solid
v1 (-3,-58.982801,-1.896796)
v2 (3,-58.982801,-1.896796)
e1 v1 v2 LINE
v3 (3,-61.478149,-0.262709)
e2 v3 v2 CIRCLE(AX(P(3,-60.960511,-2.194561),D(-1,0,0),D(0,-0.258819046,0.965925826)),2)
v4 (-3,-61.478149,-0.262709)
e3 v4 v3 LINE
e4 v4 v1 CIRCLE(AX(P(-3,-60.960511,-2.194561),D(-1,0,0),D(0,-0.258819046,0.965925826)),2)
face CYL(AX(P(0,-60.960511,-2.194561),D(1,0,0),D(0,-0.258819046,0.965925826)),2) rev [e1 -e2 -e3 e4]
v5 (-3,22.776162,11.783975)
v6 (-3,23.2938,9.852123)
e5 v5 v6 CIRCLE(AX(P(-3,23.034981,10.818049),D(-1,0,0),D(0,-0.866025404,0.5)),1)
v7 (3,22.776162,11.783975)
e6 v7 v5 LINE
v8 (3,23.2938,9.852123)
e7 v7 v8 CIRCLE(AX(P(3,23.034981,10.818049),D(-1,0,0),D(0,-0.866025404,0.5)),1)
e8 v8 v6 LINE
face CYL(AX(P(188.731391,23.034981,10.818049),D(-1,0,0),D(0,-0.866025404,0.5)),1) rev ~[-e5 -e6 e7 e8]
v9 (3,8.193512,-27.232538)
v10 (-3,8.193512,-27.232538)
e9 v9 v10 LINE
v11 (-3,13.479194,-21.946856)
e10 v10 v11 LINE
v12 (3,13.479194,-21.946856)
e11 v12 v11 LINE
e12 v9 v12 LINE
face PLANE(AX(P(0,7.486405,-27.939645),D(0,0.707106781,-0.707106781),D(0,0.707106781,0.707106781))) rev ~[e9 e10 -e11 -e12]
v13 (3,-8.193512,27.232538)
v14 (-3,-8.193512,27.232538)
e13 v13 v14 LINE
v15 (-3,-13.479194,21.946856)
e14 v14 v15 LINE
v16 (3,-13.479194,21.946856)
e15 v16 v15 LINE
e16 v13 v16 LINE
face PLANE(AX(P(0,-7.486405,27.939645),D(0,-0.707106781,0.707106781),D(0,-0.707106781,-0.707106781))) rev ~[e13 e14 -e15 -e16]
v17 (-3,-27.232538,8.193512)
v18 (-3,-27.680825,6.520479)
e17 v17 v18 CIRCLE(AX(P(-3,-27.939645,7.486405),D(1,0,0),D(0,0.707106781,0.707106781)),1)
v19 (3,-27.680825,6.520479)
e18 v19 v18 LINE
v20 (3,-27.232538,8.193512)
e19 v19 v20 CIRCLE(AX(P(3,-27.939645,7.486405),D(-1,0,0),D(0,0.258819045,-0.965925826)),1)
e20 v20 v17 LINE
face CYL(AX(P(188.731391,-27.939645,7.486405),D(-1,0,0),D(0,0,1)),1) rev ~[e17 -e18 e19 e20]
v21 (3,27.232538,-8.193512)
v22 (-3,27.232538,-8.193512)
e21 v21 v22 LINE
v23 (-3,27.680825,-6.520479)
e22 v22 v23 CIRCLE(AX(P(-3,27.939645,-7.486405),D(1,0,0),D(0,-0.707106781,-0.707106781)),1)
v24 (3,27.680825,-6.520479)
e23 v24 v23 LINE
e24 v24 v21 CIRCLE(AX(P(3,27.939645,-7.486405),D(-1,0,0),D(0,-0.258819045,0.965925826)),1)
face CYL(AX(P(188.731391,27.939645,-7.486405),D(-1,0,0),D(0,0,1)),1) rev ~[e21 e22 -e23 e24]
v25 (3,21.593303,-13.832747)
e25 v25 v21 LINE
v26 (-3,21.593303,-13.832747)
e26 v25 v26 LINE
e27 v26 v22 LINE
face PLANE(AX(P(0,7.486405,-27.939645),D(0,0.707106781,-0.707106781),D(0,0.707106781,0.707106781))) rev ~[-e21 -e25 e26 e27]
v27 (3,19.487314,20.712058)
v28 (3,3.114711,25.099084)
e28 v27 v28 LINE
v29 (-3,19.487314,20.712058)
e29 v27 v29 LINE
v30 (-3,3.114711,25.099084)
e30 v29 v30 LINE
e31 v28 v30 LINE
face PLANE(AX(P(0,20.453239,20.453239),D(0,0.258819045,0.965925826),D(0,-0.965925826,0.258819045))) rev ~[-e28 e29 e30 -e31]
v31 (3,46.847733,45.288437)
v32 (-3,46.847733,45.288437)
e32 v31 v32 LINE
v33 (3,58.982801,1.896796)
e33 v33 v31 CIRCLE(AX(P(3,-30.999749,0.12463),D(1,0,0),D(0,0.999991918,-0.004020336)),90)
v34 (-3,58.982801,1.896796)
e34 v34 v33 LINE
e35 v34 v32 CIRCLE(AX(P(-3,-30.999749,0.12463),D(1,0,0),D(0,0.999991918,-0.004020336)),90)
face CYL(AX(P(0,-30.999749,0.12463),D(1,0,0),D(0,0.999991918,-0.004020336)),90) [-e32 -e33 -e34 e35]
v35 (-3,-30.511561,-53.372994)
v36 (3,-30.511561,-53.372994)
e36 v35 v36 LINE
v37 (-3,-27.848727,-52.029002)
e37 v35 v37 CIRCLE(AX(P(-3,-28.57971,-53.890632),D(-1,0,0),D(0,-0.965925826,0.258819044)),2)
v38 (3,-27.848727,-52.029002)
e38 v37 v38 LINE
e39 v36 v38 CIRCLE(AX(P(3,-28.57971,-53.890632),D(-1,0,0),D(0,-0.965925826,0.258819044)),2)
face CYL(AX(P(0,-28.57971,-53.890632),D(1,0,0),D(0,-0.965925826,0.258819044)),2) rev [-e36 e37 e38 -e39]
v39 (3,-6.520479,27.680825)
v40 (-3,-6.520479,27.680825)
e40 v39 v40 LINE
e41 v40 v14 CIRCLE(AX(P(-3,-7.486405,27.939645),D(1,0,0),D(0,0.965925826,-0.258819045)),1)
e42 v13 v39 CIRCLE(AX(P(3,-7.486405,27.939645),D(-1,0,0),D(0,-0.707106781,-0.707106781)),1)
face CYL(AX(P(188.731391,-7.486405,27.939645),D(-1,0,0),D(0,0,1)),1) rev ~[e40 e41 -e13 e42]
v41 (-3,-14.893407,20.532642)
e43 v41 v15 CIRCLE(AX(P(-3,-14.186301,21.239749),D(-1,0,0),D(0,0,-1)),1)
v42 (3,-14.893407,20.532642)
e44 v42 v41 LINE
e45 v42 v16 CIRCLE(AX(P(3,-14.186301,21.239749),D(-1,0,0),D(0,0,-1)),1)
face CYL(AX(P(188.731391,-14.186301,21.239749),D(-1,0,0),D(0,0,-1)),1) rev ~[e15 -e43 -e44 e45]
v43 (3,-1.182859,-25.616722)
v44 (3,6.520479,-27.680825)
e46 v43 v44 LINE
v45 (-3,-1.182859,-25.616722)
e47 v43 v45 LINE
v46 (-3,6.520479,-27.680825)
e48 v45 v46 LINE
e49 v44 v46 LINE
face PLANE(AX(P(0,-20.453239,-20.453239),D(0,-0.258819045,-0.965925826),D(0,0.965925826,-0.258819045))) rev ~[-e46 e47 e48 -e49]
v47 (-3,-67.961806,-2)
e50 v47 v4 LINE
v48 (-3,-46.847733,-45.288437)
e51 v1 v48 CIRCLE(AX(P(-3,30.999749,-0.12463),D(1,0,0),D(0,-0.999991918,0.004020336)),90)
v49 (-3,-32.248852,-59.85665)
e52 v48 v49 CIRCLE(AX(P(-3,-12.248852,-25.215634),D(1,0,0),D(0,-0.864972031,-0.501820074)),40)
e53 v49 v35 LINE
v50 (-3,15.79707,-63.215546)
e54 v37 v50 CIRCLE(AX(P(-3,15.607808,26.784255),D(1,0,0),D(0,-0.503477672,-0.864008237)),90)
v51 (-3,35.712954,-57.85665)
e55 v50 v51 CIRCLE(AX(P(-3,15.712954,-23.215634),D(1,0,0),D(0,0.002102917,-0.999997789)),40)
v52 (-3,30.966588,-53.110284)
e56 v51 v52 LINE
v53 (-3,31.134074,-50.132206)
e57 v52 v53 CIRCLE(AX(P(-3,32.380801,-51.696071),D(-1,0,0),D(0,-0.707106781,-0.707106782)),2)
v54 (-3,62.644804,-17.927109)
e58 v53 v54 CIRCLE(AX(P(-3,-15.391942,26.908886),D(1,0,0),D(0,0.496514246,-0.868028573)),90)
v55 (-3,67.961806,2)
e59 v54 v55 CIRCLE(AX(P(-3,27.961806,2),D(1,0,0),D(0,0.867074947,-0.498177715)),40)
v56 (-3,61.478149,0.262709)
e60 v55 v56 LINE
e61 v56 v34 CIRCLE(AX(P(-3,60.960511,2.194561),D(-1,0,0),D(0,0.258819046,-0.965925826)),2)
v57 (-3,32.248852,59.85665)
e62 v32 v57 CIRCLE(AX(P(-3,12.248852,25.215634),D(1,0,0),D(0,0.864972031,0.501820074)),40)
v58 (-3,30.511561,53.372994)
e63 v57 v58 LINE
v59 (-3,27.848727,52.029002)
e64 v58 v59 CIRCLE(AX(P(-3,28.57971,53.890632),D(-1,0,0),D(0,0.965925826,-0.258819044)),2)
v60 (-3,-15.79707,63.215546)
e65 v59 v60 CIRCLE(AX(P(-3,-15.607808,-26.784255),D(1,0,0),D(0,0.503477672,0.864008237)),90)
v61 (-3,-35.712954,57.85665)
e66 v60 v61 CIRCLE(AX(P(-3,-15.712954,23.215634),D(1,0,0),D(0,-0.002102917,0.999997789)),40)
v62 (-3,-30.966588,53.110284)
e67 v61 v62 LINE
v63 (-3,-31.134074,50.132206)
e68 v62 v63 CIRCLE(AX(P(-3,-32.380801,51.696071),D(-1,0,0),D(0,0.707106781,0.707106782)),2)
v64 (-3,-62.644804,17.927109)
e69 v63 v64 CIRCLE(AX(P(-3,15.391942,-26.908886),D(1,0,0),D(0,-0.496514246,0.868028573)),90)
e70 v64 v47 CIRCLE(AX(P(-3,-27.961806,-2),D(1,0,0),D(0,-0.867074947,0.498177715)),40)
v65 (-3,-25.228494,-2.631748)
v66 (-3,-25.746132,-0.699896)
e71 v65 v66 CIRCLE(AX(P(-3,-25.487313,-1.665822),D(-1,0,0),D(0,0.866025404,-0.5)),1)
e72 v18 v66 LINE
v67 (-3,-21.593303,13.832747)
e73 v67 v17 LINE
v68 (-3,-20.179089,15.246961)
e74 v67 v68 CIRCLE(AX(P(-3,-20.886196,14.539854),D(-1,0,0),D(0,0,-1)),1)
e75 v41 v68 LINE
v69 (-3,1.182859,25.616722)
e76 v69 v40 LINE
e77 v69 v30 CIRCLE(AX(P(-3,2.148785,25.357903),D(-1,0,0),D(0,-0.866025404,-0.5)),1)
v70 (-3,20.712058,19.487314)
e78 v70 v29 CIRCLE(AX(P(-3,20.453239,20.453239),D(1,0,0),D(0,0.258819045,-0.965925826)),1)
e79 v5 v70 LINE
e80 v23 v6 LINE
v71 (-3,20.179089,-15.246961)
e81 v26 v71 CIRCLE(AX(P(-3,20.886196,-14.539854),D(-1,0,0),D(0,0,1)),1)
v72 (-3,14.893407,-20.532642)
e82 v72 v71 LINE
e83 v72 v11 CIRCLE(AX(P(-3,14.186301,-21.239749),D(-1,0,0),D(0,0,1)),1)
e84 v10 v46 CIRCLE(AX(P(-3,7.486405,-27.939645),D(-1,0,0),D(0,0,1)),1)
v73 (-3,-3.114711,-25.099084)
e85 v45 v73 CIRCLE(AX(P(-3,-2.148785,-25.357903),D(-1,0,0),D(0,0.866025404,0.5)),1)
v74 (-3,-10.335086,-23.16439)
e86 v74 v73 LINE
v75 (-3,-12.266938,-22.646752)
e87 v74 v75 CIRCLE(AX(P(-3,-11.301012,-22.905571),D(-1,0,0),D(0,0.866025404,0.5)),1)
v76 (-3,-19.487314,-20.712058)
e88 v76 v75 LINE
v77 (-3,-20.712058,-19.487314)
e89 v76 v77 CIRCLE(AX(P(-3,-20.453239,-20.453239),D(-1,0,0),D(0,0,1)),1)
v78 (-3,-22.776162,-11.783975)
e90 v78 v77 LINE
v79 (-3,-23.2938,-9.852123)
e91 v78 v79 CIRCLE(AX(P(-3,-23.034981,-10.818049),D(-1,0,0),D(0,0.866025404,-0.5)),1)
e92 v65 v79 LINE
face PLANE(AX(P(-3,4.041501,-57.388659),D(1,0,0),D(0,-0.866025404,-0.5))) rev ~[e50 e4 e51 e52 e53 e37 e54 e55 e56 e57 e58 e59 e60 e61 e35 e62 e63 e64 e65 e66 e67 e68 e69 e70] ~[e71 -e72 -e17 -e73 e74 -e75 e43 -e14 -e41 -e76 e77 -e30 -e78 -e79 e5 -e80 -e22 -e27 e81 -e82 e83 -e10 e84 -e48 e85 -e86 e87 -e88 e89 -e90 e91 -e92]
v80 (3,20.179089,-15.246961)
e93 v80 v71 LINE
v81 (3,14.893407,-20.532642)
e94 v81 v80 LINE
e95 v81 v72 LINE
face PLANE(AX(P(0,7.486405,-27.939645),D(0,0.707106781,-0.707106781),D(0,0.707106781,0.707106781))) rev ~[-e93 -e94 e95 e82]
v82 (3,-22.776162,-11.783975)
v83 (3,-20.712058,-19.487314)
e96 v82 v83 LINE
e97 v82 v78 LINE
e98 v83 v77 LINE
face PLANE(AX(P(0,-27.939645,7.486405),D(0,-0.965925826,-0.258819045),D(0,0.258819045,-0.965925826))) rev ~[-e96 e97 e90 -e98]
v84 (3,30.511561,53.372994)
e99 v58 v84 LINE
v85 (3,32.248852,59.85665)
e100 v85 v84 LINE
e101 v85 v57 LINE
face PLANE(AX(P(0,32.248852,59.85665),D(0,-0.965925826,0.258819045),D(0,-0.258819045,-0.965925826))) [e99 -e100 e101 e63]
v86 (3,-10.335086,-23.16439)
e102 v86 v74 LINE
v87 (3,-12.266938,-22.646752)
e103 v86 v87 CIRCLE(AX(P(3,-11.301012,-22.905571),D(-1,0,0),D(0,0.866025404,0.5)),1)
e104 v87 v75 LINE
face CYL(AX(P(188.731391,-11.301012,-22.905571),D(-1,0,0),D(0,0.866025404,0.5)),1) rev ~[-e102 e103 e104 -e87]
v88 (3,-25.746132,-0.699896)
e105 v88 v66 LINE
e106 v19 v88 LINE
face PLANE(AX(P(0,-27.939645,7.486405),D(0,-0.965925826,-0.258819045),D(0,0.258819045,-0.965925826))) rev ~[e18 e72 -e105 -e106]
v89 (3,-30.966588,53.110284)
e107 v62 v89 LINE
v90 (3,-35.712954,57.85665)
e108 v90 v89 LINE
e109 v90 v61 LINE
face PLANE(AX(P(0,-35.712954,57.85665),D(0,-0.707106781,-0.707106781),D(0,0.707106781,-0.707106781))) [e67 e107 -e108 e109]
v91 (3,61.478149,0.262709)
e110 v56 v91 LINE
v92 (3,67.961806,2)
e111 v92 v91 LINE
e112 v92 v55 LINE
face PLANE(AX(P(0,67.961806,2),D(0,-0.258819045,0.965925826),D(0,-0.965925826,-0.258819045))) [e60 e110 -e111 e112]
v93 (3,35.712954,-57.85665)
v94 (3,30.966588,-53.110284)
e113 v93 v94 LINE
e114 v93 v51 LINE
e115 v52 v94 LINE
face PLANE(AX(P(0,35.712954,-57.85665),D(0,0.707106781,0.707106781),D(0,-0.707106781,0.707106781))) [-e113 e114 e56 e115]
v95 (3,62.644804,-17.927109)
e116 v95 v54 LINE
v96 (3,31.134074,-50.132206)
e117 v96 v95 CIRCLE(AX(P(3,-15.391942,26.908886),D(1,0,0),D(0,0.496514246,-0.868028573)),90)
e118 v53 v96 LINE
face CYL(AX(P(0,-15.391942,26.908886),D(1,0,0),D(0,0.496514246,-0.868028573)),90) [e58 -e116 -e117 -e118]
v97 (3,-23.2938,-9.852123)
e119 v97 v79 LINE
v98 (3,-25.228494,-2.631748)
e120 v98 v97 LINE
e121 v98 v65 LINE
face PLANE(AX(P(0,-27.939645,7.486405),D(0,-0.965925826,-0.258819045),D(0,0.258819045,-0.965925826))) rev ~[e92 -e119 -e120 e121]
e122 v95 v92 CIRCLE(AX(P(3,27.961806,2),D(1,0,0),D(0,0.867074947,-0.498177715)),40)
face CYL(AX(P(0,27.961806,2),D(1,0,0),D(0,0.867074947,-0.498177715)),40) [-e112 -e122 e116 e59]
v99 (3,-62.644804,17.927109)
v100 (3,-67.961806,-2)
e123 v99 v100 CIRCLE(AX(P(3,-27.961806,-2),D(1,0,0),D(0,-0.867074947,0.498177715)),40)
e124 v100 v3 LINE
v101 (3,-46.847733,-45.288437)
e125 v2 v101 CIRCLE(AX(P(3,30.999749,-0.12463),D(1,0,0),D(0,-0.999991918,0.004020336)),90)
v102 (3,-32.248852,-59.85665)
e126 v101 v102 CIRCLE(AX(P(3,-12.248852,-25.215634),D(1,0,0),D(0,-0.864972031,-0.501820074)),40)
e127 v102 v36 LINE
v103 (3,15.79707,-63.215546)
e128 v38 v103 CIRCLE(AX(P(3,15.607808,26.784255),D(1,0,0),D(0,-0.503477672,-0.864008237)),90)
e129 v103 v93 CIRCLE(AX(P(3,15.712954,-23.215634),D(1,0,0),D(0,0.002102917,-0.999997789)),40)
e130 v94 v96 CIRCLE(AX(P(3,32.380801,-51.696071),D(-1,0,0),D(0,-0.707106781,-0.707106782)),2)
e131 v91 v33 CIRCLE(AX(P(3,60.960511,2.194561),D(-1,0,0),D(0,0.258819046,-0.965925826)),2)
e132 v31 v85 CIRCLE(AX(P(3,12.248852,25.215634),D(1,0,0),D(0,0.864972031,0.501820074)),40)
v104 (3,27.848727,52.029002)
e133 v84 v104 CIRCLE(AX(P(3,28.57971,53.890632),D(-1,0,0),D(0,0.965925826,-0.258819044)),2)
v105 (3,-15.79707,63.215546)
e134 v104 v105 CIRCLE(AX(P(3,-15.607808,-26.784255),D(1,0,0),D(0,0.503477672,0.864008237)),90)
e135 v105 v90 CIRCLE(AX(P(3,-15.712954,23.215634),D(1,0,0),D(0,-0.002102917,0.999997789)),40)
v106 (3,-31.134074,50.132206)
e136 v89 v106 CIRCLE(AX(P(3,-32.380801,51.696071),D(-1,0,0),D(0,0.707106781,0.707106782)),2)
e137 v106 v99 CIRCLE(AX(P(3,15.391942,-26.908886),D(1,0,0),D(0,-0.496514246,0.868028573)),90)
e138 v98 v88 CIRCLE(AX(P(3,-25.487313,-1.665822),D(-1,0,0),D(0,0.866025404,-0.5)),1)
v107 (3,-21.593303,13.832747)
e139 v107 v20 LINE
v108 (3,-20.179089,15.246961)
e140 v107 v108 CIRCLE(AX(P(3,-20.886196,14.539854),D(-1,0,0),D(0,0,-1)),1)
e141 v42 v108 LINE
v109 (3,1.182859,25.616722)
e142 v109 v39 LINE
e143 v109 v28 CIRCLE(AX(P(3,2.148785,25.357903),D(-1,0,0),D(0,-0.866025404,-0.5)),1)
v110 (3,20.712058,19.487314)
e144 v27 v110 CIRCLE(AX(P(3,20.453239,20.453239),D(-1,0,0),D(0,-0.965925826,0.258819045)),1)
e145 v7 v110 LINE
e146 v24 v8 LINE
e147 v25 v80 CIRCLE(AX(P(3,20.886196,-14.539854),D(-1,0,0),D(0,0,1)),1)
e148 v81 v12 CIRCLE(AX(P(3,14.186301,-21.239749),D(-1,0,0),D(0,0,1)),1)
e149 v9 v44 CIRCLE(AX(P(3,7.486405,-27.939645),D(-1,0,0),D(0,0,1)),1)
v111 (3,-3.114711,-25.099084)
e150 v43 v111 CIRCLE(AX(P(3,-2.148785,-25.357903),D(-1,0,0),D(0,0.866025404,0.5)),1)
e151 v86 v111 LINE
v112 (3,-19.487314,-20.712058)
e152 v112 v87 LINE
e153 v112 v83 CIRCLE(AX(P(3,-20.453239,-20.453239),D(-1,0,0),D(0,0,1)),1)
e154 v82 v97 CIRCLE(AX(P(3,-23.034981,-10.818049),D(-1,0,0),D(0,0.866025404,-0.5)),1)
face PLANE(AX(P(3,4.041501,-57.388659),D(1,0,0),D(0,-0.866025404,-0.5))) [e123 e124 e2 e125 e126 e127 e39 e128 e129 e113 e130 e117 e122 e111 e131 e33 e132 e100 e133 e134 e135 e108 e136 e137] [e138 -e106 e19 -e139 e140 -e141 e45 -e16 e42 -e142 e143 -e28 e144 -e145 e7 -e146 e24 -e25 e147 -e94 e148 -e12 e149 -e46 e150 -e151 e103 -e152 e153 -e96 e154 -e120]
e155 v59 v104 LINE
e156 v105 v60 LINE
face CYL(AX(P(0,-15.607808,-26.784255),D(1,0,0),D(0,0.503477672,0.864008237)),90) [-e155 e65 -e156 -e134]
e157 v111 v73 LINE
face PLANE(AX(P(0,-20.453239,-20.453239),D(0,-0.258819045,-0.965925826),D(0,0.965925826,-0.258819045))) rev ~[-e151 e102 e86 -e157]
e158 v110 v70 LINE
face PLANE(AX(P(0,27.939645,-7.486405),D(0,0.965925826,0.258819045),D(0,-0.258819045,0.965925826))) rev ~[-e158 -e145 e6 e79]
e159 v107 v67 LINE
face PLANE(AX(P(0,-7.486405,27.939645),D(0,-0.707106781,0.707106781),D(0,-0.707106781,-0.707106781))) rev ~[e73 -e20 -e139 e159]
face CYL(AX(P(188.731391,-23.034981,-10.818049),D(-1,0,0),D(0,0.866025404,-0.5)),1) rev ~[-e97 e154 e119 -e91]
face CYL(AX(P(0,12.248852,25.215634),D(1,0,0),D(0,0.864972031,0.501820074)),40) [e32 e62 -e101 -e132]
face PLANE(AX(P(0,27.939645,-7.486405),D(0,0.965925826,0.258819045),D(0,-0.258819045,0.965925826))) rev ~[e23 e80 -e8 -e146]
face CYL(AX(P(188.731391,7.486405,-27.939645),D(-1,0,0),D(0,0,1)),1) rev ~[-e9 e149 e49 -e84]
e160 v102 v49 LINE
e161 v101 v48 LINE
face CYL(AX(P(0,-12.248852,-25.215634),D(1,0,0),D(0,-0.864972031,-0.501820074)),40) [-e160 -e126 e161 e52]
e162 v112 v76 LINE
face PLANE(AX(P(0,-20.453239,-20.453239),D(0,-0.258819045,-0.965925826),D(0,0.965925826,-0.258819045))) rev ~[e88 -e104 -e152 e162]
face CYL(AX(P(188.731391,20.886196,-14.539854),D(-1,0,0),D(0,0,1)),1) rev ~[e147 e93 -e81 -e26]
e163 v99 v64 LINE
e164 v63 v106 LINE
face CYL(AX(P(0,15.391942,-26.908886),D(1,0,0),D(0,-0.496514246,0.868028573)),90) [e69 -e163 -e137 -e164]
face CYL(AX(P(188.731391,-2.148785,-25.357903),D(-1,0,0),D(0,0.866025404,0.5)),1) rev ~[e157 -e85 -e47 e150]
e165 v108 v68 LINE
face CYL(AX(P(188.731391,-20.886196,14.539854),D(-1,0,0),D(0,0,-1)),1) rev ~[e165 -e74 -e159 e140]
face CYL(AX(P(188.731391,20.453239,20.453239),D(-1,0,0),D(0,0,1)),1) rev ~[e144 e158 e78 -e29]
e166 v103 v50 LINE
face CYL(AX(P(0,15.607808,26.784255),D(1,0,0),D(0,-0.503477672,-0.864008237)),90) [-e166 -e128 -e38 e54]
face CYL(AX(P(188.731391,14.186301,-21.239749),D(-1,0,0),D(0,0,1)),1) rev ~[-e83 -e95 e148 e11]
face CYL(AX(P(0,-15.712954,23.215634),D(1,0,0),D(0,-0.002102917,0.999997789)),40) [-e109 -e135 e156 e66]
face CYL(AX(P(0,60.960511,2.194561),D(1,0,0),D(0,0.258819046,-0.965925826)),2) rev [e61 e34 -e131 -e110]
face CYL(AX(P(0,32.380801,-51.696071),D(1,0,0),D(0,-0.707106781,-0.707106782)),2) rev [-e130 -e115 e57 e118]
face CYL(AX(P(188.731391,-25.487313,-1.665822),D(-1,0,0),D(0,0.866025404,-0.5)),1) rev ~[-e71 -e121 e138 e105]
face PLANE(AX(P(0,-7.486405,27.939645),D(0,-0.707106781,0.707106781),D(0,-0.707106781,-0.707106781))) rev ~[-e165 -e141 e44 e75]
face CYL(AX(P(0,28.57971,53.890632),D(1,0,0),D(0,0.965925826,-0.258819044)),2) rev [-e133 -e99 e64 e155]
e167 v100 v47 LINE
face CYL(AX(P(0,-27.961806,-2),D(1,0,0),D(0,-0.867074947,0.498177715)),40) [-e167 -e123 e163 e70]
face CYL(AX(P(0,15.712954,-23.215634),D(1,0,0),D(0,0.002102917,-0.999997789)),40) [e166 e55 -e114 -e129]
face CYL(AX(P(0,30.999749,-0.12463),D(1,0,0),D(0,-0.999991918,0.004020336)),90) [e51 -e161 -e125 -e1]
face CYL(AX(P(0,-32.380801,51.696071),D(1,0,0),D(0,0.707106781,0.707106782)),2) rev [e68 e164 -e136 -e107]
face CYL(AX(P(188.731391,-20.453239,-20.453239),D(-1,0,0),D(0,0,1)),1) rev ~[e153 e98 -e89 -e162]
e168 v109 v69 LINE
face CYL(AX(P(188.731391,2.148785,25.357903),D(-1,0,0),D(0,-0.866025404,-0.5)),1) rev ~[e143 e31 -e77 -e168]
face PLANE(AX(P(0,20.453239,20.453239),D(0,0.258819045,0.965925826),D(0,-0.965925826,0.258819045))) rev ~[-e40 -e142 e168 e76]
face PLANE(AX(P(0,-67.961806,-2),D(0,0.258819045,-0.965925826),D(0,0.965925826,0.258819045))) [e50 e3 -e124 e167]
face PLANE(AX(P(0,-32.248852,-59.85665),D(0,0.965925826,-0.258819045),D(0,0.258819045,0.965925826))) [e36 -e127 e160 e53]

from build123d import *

# Parameters (mm, degrees)
SKETCH1_R                = 59
EXTRUDE1_DEPTH           = 3
EXTRUDE2_DEPTH           = 3
CIRPATTERN1_COUNT        = 6
F_2_0_2_DIAMETER_HOLE1_D = 2
F_2_0_2_DIAMETER_HOLE3_D = 2
F_2_0_2_DIAMETER_HOLE4_D = 2
CIRPATTERN2_COUNT        = 6
CIRPATTERN3_COUNT        = 4
CIRPATTERN3_ANGLE        = 180


with BuildPart() as part:
    # Sketch1 → Extrude1 (new, symmetric)
    with BuildSketch(Plane(origin=(0, 0, 0), x_dir=(0, 0, -1), z_dir=(1, 0, 0))):
        Circle(SKETCH1_R)
        Polygon((27.939644545, 7.486405193), (7.486405193, 27.939644545), (-20.453239352, 20.453239352), (-27.939644545, -7.486405193), (-7.486405193, -27.939644545), (20.453239352, -20.453239352), align=None, mode=Mode.SUBTRACT)
    extrude(amount=EXTRUDE1_DEPTH, both=True)

    # Sketch2 → Extrude2 (add, symmetric)
    with BuildSketch(Plane(origin=(0, 0, 0), x_dir=(0, 0, -1), z_dir=(1, 0, 0))):
        with BuildLine():
            Line((-2, 67.961805723), (-0.262709442, 61.478149092))
            ThreePointArc((-0.262709442, 61.478149092), (-0.58620663, 59.77173183), (-2.122608272, 58.961805723))
            ThreePointArc((-2.122608272, 58.961805723), (28.679663449, 51.560419941), (51.21368579, 29.294340542))
            ThreePointArc((51.21368579, 29.294340542), (36.791707484, 48.186627241), (17.927108603, 62.644803614))
            ThreePointArc((17.927108603, 62.644803614), (8.312130826, 66.609702921), (-2, 67.961805723))
        make_face()
    extrude2 = extrude(amount=EXTRUDE2_DEPTH, both=True)

    # CirPattern1: Extrude2 ×6 about axis
    cirpattern1_axis = Axis((0, 0, 0), (1, 0, 0))
    for i in range(1, CIRPATTERN1_COUNT):
        add(extrude2.rotate(cirpattern1_axis, i * 360 / CIRPATTERN1_COUNT))

    # Ø2.0 (2) Diameter Hole1 (through all)
    with Locations(Plane(origin=(3, 0, 0), x_dir=(0, 0, -1), z_dir=(1, 0, 0))):
        with Locations((7.486405193, 27.939644545), (27.939644545, 7.486405193), (20.453239352, -20.453239352), (-7.486405193, -27.939644545), (-27.939644545, -7.486405193), (-20.453239352, 20.453239352)):
            Hole(F_2_0_2_DIAMETER_HOLE1_D / 2)

    # Ø2.0 (2) Diameter Hole3 (through all)
    with Locations(Plane(origin=(3, 0, 0), x_dir=(0, 0, -1), z_dir=(1, 0, 0))):
        with Locations((14.539853904, 20.886195834)):
            f_2_0_2_diameter_hole3 = Hole(F_2_0_2_DIAMETER_HOLE3_D / 2)

    # Ø2.0 (2) Diameter Hole4 (through all)
    with Locations(Plane(origin=(3, 0, 0), x_dir=(0, 0, -1), z_dir=(1, 0, 0))):
        with Locations((21.239749224, 14.186300513)):
            f_2_0_2_diameter_hole4 = Hole(F_2_0_2_DIAMETER_HOLE4_D / 2)

    # CirPattern2: Ø2.0 (2) Diameter Hole3 ×6 about axis
    cirpattern2_axis = Axis((0, 0, 0), (1, 0, 0))
    for i in range(1, CIRPATTERN2_COUNT):
        add(f_2_0_2_diameter_hole3.rotate(cirpattern2_axis, i * 360 / CIRPATTERN2_COUNT), mode=Mode.SUBTRACT)

    # CirPattern3: Ø2.0 (2) Diameter Hole4 ×4 about axis
    cirpattern3_axis = Axis((0, 0, 0), (-1, 0, 0))
    for i in range(1, CIRPATTERN3_COUNT):
        add(f_2_0_2_diameter_hole4.rotate(cirpattern3_axis, i * CIRPATTERN3_ANGLE / (CIRPATTERN3_COUNT - 1)), mode=Mode.SUBTRACT)


solid = part.part
